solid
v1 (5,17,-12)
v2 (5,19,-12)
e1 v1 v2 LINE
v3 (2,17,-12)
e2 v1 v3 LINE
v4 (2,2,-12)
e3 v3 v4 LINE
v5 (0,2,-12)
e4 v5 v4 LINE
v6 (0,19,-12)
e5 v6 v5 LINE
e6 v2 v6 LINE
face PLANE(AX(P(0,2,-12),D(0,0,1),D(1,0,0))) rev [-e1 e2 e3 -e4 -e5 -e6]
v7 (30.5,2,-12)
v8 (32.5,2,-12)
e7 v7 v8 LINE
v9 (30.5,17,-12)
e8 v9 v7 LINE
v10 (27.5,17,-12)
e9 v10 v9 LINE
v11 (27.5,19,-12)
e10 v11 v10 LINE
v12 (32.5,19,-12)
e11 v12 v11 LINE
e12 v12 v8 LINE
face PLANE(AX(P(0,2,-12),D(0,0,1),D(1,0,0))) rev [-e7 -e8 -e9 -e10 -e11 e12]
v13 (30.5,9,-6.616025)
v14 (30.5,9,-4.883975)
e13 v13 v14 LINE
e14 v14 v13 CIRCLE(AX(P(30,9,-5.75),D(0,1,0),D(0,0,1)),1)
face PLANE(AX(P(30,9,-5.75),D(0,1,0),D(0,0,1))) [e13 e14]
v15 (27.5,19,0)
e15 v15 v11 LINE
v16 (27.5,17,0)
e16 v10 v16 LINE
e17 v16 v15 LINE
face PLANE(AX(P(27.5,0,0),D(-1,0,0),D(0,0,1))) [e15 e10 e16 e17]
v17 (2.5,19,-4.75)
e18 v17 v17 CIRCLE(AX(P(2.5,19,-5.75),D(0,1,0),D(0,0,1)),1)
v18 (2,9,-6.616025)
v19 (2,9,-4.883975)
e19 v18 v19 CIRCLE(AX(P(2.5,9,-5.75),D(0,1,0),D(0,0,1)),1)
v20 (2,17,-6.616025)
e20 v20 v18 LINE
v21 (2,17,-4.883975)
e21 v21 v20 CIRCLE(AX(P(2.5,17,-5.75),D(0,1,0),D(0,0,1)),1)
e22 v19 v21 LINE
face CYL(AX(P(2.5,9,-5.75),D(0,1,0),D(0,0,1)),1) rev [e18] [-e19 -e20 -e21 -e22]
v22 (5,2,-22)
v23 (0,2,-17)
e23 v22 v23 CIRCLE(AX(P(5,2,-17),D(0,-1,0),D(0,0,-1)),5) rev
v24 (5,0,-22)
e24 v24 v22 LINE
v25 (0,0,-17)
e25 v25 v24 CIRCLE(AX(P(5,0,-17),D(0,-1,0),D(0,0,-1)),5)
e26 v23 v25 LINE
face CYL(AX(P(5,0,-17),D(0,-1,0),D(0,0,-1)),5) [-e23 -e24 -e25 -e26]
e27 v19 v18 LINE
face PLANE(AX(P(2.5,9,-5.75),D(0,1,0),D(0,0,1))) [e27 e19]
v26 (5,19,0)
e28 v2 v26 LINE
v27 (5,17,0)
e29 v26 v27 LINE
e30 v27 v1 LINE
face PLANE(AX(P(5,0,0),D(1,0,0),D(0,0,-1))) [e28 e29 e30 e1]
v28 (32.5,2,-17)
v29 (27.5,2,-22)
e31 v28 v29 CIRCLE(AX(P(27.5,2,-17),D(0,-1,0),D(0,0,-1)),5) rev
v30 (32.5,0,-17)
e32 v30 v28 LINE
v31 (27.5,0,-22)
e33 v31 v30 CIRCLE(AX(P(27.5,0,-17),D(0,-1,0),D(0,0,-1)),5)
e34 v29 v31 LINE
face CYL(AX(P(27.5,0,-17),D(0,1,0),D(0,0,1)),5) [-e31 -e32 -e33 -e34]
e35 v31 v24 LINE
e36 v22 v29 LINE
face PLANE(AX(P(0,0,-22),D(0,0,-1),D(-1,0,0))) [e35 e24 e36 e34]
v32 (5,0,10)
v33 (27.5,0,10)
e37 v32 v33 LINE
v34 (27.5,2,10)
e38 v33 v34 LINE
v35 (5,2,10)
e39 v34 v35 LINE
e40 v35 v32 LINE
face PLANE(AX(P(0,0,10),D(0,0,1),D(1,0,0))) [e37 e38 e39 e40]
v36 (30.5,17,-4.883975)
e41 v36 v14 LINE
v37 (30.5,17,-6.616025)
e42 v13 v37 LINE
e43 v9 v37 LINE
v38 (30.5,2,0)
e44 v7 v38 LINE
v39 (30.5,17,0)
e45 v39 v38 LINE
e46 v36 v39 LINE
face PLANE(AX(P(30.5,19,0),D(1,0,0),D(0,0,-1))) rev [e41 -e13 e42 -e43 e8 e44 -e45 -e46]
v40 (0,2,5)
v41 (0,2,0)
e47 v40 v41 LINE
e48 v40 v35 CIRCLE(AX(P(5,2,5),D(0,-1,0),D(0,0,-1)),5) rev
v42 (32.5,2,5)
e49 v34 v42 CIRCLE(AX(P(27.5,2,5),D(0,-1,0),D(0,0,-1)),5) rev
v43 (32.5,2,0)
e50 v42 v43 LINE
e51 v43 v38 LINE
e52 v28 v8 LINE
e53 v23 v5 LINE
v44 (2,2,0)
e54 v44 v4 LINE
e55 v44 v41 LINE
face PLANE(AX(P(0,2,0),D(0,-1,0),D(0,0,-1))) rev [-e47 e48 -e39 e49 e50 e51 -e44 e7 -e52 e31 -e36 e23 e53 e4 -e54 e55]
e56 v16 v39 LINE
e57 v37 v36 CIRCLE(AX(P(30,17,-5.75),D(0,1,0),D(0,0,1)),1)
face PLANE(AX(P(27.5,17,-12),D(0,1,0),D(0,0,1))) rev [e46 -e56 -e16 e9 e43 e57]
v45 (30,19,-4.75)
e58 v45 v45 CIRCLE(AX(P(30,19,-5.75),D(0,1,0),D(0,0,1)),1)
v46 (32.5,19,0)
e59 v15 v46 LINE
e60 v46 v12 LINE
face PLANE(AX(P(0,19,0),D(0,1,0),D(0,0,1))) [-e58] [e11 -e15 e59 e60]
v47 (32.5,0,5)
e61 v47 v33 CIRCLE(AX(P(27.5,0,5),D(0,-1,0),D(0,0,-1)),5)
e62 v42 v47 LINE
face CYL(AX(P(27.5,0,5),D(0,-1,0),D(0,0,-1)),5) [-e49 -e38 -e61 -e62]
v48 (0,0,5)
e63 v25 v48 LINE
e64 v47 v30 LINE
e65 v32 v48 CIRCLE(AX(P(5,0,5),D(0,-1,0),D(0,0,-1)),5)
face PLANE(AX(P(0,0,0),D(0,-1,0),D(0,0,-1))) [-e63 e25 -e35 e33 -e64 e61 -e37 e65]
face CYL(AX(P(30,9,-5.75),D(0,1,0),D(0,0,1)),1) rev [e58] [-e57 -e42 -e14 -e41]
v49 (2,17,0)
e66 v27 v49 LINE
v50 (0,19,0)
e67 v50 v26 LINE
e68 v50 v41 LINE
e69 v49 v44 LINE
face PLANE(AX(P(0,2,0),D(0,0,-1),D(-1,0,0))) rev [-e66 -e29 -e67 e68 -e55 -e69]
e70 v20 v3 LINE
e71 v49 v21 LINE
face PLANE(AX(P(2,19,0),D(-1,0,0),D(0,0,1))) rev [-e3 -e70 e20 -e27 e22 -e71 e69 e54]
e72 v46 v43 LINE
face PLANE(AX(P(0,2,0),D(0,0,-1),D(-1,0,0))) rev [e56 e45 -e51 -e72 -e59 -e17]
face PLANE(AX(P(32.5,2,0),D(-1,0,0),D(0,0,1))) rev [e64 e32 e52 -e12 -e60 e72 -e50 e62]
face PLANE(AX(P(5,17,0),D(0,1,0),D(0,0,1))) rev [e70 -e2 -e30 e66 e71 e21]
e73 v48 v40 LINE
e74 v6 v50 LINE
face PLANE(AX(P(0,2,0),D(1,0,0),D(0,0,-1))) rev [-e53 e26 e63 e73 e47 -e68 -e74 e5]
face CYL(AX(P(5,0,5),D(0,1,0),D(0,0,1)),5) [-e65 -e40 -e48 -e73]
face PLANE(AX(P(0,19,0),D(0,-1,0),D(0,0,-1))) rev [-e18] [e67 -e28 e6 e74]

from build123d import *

# Parameters (mm, degrees)
SKETCH1_W           = 32.5
SKETCH1_H           = 12
BOSS_EXTRUDE1_DEPTH = 2
SKETCH2_W           = 2
SKETCH2_H           = 12
BOSS_EXTRUDE2_DEPTH = 17
SKETCH3_W           = 12
SKETCH3_H           = 2
BOSS_EXTRUDE3_DEPTH = 3
SKETCH4_W           = 12
SKETCH4_H           = 2
BOSS_EXTRUDE4_DEPTH = 3
SKETCH5_W           = 32.5
SKETCH5_H           = 2
BOSS_EXTRUDE6_DEPTH = 10
SKETCH7_W           = 32.5
SKETCH7_H           = 2
BOSS_EXTRUDE7_DEPTH = 10
FILLET1_R           = 5
SKETCH8_R           = 1
CUT_EXTRUDE1_DEPTH  = 10


with BuildPart() as part:
    # Sketch1 → Boss-Extrude1 (new body)
    with BuildSketch(Plane(origin=(0, 0, 0), x_dir=(1, 0, 0), z_dir=(0, 1, 0))):
        with Locations((16.25, 6)):
            Rectangle(SKETCH1_W, SKETCH1_H)
    extrude(amount=BOSS_EXTRUDE1_DEPTH)

    # Sketch2 → Boss-Extrude2 (add)
    with BuildSketch(Plane(origin=(0, 2, 0), x_dir=(1, 0, 0), z_dir=(0, 1, 0))):
        with Locations((1, 6)):
            Rectangle(SKETCH2_W, SKETCH2_H)
        with Locations((31.5, 6)):
            Rectangle(SKETCH2_W, SKETCH2_H)
    extrude(amount=BOSS_EXTRUDE2_DEPTH)

    # Sketch3 → Boss-Extrude3 (add)
    with BuildSketch(Plane(origin=(2, 0, 0), x_dir=(0, 0, -1), z_dir=(1, 0, 0))):
        with Locations((6, 18)):
            Rectangle(SKETCH3_W, SKETCH3_H)
    extrude(amount=BOSS_EXTRUDE3_DEPTH)

    # Sketch4 → Boss-Extrude4 (add)
    with BuildSketch(Plane.ZY.offset(-30.5)):
        with Locations((-6, 18)):
            Rectangle(SKETCH4_W, SKETCH4_H)
    extrude(amount=BOSS_EXTRUDE4_DEPTH)

    # Sketch5 → Boss-Extrude6 (add)
    with BuildSketch(Plane(origin=(0, 0, -12), x_dir=(-1, 0, 0), z_dir=(0, 0, -1))):
        with Locations((-16.25, 1)):
            Rectangle(SKETCH5_W, SKETCH5_H)
    extrude(amount=BOSS_EXTRUDE6_DEPTH)

    # Sketch7 → Boss-Extrude7 (add)
    with BuildSketch(Plane.XY):
        with Locations((16.25, 1)):
            Rectangle(SKETCH7_W, SKETCH7_H)
    extrude(amount=BOSS_EXTRUDE7_DEPTH)

    # Fillet1
    fillet1_edges = [part.edges().sort_by_distance(p)[0] for p in [
        (32.5, 1, 10),
        (0, 1, 10),
        (32.5, 1, -22),
        (0, 1, -22),
    ]]
    fillet(fillet1_edges, radius=FILLET1_R)

    # Sketch8 → Cut-Extrude1 (cut)
    with BuildSketch(Plane(origin=(0, 19, 0), x_dir=(1, 0, 0), z_dir=(0, 1, 0))):
        with Locations(Location((2.5, 5.75, 0), (0, 0, 270))):
            Circle(SKETCH8_R)
        with Locations(Location((30, 5.75, 0), (0, 0, 270))):
            Circle(SKETCH8_R)
    extrude(amount=-CUT_EXTRUDE1_DEPTH, mode=Mode.SUBTRACT)


solid = part.part
